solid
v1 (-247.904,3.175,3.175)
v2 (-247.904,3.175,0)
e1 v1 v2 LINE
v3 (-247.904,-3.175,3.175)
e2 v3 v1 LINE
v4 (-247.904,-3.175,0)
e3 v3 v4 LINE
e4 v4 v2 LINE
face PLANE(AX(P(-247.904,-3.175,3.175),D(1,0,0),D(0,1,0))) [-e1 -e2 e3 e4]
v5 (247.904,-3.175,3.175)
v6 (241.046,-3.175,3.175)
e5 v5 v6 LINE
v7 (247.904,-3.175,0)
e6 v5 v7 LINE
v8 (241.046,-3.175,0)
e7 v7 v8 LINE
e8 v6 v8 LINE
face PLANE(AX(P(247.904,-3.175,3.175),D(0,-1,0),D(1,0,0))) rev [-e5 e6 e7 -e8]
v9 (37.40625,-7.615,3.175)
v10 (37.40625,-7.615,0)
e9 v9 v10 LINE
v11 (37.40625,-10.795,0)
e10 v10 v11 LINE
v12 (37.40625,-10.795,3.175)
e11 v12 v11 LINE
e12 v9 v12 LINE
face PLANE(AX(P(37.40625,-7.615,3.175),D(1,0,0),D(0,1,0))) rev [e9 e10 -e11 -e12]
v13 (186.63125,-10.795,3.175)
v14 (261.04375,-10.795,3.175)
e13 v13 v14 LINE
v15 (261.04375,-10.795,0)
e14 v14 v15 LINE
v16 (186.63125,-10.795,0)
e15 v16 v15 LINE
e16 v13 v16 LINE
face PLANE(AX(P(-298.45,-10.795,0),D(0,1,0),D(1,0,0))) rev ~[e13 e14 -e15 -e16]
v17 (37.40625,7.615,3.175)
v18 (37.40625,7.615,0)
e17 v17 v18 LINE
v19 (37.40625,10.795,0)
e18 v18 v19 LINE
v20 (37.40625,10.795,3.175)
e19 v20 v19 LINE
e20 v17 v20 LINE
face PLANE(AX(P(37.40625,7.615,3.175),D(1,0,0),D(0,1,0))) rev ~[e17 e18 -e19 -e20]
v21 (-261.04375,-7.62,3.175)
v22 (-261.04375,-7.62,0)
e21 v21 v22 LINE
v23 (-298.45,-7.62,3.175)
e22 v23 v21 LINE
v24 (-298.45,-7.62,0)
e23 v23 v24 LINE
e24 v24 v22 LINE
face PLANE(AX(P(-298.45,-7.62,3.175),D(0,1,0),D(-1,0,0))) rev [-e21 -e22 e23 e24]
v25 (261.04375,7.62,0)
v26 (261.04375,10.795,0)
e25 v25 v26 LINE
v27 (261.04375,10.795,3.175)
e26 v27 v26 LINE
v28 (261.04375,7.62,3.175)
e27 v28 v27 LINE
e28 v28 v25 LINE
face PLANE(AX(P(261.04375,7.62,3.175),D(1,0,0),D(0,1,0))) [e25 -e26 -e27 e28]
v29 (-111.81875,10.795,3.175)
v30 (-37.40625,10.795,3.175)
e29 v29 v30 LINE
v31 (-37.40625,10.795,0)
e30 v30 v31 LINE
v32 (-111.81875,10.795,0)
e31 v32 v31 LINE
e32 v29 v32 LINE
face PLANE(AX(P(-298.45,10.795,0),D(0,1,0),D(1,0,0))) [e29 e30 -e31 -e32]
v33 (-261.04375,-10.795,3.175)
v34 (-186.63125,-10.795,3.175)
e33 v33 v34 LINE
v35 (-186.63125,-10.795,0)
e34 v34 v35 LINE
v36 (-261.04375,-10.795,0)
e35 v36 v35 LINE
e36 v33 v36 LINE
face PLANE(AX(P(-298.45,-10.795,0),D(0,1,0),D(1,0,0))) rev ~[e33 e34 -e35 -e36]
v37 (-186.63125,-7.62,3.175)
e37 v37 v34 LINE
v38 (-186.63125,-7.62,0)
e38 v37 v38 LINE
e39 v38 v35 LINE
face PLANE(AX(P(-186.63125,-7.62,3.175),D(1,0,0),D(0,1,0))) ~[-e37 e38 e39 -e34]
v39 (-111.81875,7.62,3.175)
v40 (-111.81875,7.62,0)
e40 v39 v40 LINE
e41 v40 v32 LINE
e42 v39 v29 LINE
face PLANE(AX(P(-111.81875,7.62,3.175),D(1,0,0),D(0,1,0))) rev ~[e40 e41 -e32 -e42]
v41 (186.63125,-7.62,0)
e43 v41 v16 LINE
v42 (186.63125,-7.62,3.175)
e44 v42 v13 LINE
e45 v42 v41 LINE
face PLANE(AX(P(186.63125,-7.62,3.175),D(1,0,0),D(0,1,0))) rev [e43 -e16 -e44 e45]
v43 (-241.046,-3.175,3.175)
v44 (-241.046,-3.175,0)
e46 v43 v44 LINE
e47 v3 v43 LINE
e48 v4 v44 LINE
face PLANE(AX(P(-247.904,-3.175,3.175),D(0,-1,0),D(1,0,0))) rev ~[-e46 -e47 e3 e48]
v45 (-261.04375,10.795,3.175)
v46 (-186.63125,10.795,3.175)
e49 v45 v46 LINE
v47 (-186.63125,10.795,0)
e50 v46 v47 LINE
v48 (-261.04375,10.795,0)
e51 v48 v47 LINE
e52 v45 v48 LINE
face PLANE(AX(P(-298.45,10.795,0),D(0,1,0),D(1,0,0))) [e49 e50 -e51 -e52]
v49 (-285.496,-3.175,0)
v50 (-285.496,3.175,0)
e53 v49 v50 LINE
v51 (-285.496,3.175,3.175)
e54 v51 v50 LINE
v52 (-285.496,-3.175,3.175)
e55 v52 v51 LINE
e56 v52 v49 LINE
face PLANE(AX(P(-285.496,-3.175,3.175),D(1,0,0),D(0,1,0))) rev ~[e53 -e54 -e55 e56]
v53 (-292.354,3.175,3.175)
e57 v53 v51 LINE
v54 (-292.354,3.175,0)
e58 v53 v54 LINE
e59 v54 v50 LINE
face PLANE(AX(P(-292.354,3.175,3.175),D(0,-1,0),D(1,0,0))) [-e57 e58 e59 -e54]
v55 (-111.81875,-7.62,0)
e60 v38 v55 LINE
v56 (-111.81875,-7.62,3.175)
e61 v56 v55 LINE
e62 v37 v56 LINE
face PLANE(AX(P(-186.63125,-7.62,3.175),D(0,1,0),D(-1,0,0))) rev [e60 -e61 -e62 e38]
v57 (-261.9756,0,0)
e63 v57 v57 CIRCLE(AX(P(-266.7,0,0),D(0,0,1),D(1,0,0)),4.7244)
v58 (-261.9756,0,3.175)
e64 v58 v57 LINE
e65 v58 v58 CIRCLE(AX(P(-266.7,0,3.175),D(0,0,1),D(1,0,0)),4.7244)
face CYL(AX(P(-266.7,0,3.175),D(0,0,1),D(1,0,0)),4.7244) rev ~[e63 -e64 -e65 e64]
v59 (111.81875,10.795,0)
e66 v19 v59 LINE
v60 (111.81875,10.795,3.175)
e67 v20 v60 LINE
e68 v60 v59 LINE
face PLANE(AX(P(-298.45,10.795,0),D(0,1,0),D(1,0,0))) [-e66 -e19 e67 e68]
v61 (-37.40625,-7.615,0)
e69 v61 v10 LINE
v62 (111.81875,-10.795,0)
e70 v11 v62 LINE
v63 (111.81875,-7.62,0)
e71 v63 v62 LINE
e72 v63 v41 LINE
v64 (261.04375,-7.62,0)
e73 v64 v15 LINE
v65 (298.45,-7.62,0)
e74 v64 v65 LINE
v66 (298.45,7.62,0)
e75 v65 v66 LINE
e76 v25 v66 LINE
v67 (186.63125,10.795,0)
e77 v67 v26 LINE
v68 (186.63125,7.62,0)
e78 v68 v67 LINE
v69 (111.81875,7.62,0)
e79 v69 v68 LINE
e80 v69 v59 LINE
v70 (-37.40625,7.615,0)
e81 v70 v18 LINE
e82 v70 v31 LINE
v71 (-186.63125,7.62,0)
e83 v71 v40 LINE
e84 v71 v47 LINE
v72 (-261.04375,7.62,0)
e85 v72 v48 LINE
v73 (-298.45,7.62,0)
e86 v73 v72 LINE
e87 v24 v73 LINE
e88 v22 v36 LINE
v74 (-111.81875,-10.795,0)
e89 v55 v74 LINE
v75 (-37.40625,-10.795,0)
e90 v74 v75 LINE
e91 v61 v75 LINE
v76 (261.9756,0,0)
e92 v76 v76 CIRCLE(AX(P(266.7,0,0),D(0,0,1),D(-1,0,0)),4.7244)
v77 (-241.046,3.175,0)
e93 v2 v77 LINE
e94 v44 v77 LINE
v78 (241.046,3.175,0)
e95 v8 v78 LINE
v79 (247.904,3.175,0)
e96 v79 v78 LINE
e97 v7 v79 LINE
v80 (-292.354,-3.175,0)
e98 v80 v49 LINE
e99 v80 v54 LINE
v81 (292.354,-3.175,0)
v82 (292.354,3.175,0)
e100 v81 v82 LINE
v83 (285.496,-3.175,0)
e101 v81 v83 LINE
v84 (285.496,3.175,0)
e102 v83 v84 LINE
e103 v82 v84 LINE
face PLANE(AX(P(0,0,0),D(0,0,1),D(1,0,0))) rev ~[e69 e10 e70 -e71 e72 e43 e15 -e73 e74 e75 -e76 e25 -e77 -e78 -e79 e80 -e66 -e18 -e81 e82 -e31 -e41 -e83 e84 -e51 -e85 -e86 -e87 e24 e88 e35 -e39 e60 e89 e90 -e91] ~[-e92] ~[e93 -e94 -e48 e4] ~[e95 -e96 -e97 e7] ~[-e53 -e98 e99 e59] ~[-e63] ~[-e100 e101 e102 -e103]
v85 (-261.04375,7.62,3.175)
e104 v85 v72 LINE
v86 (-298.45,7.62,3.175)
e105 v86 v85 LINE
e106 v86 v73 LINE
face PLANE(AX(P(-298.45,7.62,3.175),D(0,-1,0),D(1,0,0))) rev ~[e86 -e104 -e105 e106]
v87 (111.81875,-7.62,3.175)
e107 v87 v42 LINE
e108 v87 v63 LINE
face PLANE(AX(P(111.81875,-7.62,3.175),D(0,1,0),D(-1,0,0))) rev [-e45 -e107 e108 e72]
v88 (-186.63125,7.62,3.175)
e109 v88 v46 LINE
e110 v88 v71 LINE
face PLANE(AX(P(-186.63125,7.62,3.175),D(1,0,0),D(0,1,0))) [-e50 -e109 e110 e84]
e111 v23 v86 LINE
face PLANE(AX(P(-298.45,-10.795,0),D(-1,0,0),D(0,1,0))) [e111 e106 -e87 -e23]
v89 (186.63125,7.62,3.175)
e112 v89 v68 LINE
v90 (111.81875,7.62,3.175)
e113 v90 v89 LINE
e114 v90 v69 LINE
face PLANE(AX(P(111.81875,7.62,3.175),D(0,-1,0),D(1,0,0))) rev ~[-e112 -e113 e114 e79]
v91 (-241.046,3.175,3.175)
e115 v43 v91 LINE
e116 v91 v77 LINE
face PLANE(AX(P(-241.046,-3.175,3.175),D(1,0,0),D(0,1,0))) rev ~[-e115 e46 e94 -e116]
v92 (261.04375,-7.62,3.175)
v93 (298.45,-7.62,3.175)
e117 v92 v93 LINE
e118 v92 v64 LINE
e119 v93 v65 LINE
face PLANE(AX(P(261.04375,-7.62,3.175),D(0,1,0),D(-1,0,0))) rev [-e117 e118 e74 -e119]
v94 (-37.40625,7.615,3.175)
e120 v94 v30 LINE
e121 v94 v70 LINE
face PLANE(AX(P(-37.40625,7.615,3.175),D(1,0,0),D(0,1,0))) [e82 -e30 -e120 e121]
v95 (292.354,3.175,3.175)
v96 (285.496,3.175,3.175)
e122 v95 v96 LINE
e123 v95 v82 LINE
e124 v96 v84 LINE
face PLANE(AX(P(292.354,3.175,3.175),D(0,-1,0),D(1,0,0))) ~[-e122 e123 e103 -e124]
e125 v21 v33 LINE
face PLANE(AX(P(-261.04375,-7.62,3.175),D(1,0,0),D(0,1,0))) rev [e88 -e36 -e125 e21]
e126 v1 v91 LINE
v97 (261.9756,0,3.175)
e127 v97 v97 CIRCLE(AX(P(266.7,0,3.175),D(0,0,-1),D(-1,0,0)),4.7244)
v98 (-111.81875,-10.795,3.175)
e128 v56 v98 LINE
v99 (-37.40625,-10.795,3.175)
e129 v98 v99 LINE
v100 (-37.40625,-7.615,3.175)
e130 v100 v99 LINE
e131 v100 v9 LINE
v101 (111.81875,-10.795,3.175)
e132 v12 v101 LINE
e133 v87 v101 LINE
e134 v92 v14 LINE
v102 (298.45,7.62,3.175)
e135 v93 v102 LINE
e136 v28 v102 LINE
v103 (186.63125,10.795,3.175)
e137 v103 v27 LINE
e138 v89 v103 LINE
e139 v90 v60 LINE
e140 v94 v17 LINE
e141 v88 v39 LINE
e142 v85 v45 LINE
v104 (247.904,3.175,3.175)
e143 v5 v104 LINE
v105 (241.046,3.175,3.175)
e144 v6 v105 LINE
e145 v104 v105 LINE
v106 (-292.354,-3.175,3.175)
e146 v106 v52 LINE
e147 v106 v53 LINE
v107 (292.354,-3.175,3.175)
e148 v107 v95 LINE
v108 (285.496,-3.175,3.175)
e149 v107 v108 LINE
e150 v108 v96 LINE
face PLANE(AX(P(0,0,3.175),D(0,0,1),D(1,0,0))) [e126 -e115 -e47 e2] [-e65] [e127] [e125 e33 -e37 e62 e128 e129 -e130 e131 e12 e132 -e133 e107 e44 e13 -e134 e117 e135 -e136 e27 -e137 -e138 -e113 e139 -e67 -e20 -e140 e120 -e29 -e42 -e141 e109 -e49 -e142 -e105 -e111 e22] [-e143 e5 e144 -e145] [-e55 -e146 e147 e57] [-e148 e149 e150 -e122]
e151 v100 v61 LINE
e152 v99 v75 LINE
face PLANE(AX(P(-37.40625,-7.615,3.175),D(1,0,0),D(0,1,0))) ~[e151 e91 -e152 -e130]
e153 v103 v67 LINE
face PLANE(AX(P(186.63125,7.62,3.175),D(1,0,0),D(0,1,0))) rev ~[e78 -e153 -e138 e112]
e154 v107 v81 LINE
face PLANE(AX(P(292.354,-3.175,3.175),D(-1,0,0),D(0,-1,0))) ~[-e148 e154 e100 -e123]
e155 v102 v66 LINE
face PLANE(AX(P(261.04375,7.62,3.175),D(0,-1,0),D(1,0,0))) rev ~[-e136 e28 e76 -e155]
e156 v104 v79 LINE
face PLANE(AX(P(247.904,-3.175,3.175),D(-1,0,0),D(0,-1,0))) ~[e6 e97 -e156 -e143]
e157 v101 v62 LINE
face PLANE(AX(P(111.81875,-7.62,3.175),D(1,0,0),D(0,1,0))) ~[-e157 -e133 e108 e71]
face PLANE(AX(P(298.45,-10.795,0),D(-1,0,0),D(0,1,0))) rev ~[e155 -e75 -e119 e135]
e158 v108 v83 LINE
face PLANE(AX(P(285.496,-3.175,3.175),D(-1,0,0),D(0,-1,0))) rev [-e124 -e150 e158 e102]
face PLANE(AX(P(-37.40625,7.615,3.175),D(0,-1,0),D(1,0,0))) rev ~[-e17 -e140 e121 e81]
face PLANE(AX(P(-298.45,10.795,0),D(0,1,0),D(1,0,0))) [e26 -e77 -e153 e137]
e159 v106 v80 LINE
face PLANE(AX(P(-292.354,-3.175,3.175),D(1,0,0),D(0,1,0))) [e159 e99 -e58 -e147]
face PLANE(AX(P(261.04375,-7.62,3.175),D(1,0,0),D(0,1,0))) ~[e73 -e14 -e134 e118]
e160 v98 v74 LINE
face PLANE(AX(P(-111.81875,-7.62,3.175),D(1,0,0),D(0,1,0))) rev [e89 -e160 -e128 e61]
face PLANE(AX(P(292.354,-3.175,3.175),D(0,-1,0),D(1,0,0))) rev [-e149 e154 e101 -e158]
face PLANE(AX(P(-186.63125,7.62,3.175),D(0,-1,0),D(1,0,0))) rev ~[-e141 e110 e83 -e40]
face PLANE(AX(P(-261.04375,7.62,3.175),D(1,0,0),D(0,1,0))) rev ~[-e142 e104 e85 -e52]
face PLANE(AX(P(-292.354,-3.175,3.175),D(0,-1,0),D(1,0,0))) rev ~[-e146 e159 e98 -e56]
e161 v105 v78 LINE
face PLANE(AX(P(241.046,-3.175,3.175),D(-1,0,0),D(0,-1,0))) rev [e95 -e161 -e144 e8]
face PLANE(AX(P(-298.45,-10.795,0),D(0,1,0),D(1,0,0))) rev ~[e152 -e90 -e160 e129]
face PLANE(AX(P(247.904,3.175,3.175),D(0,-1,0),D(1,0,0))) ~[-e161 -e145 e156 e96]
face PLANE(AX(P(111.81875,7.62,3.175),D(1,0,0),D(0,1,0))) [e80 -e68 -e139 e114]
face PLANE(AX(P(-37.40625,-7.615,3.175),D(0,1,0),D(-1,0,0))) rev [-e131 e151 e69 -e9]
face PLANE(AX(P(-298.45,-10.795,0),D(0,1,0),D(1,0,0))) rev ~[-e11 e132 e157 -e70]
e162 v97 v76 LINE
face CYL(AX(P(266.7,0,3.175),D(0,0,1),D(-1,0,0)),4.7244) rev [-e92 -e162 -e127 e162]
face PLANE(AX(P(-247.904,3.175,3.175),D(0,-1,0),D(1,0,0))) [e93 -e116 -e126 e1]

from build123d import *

# Parameters (mm, degrees)
ESQUISSE1_W             = 596.9
ESQUISSE1_H             = 21.59
BOSS_EXTRU_1_DEPTH      = 3.175
ESQUISSE4_W             = 74.8125
ESQUISSE4_H             = 3.18
ESQUISSE4_H_2           = 3.175
ESQUISSE4_W_2           = 37.40625
ENL_V_MAT_EXTRU_3_DEPTH = 299.662041696
ESQUISSE5_R             = 4.7244
ESQUISSE5_W             = 6.858
ESQUISSE5_H             = 6.35
ENL_V_MAT_EXTRU_4_DEPTH = 299.662041696


with BuildPart() as part:
    # Esquisse1 → Boss.-Extru.1 (new body)
    with BuildSketch(Plane.XY):
        Rectangle(ESQUISSE1_W, ESQUISSE1_H)
    extrude(amount=BOSS_EXTRU_1_DEPTH)

    # Esquisse4 → Enlèv. mat.-Extru.3 (cut, through all)
    with BuildSketch(Plane.XY.offset(3.175)):
        with Locations((0, 9.205)):
            Rectangle(ESQUISSE4_W, ESQUISSE4_H)
        with Locations((-149.225, 9.2075)):
            Rectangle(ESQUISSE4_W, ESQUISSE4_H_2)
        with Locations((-279.746875, 9.2075)):
            Rectangle(ESQUISSE4_W_2, ESQUISSE4_H_2)
        with Locations((279.746875, 9.2075)):
            Rectangle(ESQUISSE4_W_2, ESQUISSE4_H_2)
        with Locations((149.225, 9.2075)):
            Rectangle(ESQUISSE4_W, ESQUISSE4_H_2)
    enl_v_mat_extru_3 = extrude(amount=-ENL_V_MAT_EXTRU_3_DEPTH, mode=Mode.SUBTRACT)

    # Symétrie3: Enlèv. mat.-Extru.3 across plane
    add(enl_v_mat_extru_3.mirror(Plane.ZX), mode=Mode.SUBTRACT)

    # Esquisse5 → Enlèv. mat.-Extru.4 (cut, through all)
    with BuildSketch(Plane.XY.offset(3.175)):
        with Locations((-266.7, 0)):
            Circle(ESQUISSE5_R)
        with Locations((-244.475, 0)):
            Rectangle(ESQUISSE5_W, ESQUISSE5_H)
        with Locations((-288.925, 0)):
            Rectangle(ESQUISSE5_W, ESQUISSE5_H)
    enl_v_mat_extru_4 = extrude(amount=-ENL_V_MAT_EXTRU_4_DEPTH, mode=Mode.SUBTRACT)

    # Symétrie4: Enlèv. mat.-Extru.4 across plane
    add(enl_v_mat_extru_4.mirror(Plane(origin=(0, 0, 0), x_dir=(0, 0, 1), z_dir=(1, 0, 0))), mode=Mode.SUBTRACT)


solid = part.part
